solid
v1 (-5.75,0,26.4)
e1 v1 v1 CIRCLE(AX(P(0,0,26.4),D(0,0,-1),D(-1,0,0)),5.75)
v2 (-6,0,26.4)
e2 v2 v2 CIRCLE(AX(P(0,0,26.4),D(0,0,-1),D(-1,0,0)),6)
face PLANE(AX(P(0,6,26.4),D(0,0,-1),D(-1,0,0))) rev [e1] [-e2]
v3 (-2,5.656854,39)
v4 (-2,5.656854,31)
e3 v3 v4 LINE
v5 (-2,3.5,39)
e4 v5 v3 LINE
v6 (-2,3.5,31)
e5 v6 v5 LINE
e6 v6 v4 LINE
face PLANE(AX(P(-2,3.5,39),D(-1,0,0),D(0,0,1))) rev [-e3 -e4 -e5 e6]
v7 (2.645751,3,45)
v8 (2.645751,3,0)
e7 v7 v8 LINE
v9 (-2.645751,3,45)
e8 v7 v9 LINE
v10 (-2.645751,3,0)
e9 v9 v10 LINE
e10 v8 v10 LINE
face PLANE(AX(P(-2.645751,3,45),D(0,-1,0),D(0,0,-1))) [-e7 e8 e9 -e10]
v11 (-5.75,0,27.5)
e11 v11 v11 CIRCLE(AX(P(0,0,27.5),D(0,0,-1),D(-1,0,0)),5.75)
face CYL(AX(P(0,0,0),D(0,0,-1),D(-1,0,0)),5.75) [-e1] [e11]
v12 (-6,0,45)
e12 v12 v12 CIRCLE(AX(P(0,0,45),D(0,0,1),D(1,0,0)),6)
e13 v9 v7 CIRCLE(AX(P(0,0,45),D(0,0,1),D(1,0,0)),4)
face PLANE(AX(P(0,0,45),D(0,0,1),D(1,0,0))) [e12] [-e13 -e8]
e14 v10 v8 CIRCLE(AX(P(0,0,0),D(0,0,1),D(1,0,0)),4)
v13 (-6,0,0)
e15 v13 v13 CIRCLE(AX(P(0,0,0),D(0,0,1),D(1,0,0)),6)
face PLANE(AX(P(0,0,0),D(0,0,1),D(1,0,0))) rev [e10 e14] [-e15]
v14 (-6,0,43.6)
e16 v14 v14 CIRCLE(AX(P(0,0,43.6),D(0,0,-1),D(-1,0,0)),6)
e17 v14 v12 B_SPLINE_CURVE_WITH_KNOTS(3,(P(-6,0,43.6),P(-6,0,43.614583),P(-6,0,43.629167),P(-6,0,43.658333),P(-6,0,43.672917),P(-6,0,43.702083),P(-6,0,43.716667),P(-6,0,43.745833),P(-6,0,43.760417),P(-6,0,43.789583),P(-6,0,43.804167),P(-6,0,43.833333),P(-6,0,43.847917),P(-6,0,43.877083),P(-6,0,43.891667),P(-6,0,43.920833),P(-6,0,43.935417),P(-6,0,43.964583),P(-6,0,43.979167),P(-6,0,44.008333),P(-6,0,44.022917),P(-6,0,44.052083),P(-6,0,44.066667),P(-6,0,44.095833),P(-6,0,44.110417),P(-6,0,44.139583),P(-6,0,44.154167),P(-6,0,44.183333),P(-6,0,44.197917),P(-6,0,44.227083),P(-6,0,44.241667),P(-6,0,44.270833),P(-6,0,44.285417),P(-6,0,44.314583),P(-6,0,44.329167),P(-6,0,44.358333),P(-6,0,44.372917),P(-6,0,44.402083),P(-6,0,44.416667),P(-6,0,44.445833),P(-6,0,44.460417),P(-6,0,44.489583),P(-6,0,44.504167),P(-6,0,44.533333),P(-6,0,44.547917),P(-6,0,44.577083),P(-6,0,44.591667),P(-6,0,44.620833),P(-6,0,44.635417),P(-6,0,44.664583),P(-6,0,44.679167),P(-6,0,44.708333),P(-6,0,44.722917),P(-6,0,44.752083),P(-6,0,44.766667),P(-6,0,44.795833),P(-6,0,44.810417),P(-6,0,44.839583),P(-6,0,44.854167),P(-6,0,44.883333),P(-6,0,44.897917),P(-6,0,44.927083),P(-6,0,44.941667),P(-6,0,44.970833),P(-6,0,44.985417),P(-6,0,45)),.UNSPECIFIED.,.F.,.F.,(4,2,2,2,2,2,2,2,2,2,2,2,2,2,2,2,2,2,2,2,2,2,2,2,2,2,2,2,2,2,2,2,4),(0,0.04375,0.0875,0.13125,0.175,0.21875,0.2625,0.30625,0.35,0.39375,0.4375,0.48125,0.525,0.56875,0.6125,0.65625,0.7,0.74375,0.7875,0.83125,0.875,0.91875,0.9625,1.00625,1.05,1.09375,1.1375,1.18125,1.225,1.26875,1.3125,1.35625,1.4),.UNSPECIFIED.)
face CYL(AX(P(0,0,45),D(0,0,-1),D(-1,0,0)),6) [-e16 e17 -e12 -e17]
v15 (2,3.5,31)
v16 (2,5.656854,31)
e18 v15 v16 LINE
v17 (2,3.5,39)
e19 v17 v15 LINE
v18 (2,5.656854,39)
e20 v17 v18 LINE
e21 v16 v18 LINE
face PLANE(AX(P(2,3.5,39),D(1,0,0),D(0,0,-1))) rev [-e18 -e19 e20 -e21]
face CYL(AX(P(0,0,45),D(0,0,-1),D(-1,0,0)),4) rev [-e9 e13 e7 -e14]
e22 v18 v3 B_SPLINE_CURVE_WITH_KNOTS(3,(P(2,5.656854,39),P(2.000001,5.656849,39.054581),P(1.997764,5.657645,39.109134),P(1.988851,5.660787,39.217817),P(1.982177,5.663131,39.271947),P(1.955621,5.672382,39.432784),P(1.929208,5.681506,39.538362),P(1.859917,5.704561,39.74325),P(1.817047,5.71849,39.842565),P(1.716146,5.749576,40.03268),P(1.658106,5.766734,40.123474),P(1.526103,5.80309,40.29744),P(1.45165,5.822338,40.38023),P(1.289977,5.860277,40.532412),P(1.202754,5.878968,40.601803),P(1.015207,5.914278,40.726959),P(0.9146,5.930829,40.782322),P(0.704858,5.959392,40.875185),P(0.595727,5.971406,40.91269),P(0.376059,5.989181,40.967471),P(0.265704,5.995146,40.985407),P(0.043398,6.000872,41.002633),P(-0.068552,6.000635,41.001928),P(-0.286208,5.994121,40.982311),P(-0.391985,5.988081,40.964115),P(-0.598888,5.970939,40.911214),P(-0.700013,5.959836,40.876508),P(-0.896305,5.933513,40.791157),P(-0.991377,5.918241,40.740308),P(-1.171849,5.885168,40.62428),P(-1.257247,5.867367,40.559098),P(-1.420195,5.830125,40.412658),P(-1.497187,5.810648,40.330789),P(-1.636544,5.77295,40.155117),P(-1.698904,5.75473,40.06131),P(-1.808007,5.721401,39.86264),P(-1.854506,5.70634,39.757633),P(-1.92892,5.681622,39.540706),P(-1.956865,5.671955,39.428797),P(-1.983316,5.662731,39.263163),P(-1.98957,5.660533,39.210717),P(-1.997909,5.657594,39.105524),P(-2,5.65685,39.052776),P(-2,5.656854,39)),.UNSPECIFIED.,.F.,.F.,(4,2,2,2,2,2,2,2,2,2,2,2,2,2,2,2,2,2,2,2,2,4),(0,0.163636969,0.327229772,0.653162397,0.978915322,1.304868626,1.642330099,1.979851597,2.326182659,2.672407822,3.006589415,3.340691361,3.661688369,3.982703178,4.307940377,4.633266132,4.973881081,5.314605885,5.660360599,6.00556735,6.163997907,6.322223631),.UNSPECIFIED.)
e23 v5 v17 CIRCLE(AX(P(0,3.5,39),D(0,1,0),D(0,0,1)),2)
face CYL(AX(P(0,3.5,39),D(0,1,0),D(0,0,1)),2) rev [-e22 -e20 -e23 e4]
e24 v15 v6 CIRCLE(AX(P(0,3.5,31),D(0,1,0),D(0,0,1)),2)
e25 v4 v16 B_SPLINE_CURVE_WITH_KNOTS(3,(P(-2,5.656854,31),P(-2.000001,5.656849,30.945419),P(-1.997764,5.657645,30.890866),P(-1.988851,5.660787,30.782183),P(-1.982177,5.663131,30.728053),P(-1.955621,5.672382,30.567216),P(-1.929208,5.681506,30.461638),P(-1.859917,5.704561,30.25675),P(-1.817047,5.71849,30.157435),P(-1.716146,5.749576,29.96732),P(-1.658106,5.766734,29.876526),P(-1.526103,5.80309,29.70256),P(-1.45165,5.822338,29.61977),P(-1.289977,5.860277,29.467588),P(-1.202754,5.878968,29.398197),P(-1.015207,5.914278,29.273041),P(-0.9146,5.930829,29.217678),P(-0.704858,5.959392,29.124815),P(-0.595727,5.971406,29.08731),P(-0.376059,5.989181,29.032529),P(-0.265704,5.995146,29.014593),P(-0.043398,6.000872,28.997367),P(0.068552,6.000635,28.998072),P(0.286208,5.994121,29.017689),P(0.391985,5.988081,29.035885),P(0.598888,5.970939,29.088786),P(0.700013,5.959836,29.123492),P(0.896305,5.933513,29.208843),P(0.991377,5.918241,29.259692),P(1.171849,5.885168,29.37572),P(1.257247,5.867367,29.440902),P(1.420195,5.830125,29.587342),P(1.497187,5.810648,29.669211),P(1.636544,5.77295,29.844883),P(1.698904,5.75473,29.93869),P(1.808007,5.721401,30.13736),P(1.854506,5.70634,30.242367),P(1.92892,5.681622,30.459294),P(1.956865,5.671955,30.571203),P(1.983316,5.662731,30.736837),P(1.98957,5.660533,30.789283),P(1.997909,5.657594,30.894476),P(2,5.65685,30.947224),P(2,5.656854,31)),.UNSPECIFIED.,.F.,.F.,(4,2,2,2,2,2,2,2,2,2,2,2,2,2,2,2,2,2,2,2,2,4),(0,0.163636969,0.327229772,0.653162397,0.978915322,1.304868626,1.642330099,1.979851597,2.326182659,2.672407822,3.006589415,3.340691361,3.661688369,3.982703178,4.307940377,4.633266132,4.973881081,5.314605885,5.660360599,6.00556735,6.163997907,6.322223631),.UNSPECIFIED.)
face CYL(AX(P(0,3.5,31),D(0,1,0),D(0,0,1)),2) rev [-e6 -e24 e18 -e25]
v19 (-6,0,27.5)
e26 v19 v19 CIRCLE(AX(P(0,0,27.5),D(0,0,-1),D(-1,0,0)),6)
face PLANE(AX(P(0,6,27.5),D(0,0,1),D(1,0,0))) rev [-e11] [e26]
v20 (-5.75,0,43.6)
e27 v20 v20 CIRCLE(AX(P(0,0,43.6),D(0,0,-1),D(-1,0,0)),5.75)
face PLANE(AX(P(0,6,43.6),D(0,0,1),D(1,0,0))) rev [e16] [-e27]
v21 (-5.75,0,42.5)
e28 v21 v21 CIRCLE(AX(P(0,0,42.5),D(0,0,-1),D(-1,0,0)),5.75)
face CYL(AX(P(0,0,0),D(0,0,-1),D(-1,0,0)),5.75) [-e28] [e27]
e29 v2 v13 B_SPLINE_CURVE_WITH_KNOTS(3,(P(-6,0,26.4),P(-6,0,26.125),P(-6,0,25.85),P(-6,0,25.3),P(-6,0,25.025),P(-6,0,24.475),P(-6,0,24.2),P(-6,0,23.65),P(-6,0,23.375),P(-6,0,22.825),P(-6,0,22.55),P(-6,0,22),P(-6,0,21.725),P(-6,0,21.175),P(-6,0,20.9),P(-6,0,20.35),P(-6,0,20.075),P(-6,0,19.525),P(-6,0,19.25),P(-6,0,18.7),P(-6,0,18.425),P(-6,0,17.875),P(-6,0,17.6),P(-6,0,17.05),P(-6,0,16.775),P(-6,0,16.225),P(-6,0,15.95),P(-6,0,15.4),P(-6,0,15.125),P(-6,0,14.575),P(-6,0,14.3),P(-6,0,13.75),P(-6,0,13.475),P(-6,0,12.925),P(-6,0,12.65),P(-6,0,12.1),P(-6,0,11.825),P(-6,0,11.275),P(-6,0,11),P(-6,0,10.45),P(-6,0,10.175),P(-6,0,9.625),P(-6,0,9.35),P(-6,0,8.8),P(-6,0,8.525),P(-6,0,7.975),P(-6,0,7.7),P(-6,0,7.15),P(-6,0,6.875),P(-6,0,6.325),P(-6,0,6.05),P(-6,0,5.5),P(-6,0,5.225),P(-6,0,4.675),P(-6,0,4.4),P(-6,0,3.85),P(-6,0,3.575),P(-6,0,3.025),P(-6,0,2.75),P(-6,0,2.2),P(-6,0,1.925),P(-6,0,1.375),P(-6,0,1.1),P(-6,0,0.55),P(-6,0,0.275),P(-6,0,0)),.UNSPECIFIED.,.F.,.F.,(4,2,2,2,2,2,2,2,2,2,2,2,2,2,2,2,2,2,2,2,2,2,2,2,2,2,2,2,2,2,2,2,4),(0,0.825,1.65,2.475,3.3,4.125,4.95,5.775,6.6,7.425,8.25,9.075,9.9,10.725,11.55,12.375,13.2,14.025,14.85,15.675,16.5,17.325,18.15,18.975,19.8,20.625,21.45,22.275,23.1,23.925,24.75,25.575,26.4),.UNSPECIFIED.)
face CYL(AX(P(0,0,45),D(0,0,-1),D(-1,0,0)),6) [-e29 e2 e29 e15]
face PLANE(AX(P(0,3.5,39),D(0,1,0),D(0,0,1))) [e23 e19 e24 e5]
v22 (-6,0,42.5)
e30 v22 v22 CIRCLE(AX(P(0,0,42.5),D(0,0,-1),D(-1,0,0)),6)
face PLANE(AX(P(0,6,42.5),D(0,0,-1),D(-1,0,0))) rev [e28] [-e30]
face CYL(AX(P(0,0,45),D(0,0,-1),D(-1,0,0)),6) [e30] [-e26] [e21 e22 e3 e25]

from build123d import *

# Parameters (mm, degrees)
ESBO_O1_R                = 6
RESSALTO_EXTRUS_O1_DEPTH = 45
CORTE_EXTRUS_O1_DEPTH    = 2.5
ESBO_O3_W                = 1.1
ESBO_O3_H                = 0.25


with BuildPart() as part:
    # Esboço1 → Ressalto-extrusão1 (new body)
    with BuildSketch(Plane.XY):
        with Locations(Location((0, 0, 0), (0, 0, 180))):
            Circle(ESBO_O1_R)
        with BuildLine():
            Line((-2.645751311, 3), (2.645751311, 3))
            ThreePointArc((2.645751311, 3), (0, -4), (-2.645751311, 3))
        make_face(mode=Mode.SUBTRACT)
    extrude(amount=RESSALTO_EXTRUS_O1_DEPTH)

    # Esboço2 → Corte-extrusão1 (cut)
    with BuildSketch(Plane(origin=(0, 6, 0), x_dir=(1, 0, 0), z_dir=(0, 1, 0))):
        with BuildLine():
            Line((-2, -39), (-2, -31))
            ThreePointArc((-2, -31), (0, -29), (2, -31))
            Line((2, -31), (2, -39))
            ThreePointArc((2, -39), (0, -41), (-2, -39))
        make_face()
    extrude(amount=-CORTE_EXTRUS_O1_DEPTH, mode=Mode.SUBTRACT)

    # Esboço3 → Corte-Revolução1 (revolve, cut)
    with BuildSketch(Plane(origin=(0, 0, 0), x_dir=(0, 0, -1), z_dir=(1, 0, 0)), mode=Mode.PRIVATE) as corte_revolu_o1_sk:
        with Locations((-26.95, 5.875)):
            Rectangle(ESBO_O3_W, ESBO_O3_H)
        with Locations((-43.05, 5.875)):
            Rectangle(ESBO_O3_W, ESBO_O3_H)
    revolve(corte_revolu_o1_sk.sketch.rotate(Axis((0, 0, 0), (0, 0, 1)), 90), axis=Axis((0, 0, 0), (0, 0, 1)), mode=Mode.SUBTRACT)


solid = part.part
